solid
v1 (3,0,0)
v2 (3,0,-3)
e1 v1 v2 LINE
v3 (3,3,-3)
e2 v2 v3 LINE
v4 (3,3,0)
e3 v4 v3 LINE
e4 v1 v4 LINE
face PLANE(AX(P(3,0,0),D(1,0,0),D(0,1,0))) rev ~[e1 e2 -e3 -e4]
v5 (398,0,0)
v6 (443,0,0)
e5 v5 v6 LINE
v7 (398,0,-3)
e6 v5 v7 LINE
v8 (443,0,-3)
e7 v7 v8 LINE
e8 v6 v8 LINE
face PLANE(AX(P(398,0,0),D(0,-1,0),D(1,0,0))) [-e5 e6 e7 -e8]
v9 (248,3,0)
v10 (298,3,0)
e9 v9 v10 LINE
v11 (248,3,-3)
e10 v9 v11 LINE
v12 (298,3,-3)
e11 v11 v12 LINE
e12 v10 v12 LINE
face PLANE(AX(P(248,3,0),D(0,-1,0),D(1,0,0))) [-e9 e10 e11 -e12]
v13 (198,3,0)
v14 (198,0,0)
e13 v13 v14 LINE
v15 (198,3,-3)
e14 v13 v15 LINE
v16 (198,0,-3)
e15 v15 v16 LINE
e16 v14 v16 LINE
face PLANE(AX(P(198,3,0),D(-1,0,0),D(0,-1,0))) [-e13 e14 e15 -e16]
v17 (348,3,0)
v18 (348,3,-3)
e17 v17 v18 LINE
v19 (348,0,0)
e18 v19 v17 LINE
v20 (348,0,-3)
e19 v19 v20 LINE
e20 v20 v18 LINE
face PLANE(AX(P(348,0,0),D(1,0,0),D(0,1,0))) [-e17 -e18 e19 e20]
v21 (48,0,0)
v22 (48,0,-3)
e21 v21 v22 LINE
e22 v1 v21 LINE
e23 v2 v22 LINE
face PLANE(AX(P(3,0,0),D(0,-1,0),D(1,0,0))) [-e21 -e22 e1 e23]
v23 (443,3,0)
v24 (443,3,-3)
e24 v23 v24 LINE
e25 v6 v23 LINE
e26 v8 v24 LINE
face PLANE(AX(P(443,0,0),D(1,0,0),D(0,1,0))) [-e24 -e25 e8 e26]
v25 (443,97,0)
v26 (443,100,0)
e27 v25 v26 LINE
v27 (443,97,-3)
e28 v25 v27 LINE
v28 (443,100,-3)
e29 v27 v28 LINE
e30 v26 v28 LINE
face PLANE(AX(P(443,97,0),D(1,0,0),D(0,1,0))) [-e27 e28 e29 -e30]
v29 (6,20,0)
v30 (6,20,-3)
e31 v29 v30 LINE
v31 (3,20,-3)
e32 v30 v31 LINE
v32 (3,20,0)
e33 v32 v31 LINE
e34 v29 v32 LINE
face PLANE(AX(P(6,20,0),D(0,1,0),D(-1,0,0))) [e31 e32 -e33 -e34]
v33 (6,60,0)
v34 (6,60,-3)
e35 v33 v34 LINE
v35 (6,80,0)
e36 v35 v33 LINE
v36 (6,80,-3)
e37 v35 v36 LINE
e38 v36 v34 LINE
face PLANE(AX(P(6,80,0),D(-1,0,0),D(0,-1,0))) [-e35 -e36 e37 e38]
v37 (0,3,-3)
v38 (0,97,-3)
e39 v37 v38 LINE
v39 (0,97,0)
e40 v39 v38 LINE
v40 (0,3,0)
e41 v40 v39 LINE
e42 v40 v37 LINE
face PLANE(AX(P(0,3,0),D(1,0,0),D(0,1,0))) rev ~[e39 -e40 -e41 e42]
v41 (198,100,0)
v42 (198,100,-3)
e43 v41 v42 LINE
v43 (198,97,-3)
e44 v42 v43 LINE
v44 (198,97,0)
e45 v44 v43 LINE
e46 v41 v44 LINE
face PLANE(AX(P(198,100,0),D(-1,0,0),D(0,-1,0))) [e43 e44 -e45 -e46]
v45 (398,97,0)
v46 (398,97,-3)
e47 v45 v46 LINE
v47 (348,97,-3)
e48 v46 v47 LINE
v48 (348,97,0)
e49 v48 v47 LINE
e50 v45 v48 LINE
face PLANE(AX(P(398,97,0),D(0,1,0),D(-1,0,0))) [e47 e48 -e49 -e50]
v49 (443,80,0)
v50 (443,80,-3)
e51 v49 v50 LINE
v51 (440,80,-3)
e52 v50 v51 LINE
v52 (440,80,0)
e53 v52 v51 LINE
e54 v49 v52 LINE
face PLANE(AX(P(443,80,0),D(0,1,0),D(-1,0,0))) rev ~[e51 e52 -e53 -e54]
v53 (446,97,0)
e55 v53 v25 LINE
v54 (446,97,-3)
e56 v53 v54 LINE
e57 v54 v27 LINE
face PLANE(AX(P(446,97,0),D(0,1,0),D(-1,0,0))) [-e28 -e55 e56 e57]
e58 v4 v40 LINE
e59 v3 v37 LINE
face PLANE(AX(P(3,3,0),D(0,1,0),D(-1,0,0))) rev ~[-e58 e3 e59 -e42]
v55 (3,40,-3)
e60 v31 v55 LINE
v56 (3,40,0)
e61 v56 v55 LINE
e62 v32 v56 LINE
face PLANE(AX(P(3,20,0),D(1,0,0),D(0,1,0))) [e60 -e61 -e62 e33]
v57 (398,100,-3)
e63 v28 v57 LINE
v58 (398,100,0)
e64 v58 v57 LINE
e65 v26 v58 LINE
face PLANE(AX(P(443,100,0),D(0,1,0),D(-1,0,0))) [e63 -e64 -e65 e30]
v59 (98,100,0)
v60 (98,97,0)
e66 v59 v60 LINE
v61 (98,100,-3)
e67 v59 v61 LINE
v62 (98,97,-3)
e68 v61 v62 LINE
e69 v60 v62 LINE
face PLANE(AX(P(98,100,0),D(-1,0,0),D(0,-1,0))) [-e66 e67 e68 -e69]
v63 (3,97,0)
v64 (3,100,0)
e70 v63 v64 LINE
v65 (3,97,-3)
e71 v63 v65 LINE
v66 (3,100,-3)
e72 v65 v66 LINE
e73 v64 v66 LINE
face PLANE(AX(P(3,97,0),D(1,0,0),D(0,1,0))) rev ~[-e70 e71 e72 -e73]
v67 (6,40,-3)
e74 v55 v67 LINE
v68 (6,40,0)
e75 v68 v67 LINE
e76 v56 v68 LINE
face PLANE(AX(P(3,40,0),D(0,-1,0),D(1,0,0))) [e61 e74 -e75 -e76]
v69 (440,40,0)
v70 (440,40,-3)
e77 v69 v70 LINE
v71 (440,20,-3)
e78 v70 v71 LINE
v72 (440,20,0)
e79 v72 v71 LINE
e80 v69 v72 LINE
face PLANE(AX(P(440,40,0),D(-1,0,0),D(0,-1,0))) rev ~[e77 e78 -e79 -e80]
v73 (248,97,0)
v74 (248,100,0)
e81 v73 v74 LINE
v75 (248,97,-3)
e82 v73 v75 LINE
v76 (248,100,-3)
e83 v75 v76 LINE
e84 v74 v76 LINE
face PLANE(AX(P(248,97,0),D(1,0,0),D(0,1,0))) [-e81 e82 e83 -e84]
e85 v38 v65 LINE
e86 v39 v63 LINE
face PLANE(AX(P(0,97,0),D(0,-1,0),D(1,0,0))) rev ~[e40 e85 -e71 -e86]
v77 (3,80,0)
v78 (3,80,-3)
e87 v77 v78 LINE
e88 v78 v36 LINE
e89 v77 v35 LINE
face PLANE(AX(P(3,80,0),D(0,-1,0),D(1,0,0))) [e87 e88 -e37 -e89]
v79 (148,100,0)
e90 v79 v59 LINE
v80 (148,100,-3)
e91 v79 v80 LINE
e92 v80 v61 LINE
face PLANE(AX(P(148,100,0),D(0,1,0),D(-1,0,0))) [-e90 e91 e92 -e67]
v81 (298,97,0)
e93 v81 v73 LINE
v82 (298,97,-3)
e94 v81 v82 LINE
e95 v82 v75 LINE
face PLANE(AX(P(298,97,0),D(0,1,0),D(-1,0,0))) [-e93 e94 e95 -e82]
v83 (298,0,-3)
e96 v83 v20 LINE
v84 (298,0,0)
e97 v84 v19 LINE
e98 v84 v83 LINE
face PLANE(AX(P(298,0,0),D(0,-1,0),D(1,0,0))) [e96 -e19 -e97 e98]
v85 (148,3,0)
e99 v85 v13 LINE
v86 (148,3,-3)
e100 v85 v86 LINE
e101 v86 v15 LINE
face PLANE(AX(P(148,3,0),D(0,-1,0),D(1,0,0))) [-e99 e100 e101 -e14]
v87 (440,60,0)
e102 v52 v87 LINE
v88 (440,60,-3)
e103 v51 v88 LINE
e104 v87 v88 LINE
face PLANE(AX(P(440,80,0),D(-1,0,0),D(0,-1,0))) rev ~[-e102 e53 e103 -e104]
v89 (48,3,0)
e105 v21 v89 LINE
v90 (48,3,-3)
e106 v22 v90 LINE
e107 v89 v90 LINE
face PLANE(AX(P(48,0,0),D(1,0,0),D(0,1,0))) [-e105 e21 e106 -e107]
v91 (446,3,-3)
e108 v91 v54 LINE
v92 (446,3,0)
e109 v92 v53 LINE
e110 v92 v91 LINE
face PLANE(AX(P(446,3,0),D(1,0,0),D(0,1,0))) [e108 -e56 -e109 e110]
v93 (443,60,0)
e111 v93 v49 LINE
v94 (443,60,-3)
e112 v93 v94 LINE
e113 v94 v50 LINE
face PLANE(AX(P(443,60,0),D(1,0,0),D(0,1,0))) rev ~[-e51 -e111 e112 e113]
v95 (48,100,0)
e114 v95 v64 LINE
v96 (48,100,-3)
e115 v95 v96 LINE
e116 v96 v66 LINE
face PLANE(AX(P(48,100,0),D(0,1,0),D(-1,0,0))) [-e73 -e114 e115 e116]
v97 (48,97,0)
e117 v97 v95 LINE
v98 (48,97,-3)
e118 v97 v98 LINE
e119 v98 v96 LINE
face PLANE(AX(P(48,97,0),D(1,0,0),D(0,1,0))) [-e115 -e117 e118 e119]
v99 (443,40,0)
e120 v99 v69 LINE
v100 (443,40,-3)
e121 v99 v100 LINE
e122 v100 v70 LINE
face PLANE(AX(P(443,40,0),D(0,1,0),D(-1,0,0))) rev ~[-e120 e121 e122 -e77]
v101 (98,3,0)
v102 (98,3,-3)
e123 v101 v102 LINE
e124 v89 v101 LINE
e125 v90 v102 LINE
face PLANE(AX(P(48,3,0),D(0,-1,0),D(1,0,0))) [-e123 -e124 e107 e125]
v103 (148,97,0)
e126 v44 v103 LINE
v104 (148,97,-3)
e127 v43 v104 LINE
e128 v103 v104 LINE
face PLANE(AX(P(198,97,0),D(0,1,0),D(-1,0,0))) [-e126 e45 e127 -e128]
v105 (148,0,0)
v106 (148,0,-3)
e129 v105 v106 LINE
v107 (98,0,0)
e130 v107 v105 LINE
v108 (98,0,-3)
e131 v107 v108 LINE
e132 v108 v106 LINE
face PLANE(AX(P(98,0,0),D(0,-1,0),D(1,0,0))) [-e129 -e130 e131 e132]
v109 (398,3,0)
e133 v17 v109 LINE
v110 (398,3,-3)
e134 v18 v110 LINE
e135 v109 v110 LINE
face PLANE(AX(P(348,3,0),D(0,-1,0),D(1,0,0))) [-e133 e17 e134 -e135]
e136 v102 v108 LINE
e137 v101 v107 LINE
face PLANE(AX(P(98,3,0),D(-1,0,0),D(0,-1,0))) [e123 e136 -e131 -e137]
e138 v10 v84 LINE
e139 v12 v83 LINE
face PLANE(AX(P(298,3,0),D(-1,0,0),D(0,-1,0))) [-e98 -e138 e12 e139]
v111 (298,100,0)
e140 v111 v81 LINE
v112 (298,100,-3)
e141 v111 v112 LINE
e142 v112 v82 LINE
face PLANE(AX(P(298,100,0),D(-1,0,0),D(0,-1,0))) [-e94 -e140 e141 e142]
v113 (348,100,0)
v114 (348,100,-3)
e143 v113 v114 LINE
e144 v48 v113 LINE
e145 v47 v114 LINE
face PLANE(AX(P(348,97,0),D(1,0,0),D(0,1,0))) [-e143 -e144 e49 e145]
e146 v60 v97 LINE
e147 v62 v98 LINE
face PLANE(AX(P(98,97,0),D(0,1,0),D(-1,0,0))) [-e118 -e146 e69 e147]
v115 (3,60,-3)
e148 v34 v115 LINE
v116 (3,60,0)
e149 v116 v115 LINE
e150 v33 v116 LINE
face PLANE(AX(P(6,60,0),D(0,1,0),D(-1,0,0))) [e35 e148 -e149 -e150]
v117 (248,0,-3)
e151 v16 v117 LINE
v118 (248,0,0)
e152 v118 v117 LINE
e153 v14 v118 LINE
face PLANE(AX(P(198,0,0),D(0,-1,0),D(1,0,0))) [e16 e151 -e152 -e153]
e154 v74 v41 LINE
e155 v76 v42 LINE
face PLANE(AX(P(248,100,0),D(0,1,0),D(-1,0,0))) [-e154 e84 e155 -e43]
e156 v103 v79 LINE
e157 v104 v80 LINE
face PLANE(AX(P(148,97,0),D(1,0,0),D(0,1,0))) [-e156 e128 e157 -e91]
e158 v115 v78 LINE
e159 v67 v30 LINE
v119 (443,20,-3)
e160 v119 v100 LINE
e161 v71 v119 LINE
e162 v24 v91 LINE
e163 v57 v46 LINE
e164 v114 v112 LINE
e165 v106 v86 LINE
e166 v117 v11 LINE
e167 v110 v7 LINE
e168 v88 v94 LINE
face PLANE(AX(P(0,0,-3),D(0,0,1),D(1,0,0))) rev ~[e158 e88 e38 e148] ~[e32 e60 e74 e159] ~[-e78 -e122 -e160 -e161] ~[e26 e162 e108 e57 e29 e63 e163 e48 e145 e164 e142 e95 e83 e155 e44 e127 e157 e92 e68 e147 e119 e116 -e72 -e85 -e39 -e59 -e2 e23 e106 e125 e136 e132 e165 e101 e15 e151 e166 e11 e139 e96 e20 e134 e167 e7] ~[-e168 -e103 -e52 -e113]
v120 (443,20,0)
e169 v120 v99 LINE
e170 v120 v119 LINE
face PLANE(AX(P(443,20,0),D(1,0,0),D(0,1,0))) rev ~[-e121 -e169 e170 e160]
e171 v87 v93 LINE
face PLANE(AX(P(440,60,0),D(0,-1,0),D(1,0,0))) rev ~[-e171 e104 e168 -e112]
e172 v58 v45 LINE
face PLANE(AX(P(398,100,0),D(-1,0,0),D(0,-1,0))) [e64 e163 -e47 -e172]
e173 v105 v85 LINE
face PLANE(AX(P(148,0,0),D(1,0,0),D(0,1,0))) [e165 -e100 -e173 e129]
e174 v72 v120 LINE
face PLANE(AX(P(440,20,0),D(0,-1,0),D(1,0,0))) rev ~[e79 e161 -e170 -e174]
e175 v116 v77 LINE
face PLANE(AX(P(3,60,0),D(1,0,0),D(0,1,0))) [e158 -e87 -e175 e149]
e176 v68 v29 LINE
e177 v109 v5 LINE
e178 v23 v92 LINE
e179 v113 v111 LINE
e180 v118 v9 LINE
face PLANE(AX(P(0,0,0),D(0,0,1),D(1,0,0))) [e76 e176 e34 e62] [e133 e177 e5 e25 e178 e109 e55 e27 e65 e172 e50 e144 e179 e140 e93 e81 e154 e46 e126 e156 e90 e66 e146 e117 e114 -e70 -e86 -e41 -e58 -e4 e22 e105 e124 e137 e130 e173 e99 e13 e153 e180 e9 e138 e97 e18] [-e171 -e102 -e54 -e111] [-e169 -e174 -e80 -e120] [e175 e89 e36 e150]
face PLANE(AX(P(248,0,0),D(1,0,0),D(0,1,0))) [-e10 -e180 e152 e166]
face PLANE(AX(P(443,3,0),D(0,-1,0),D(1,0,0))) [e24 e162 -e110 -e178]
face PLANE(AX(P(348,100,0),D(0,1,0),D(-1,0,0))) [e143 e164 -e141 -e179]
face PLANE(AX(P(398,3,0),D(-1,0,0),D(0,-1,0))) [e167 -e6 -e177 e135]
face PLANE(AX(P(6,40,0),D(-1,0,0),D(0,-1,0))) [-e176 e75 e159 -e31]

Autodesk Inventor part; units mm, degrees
ref_plane "YZ Plane" through (0, 0, 0) normal (1, 0, 0) x (0, 1, 0)
ref_plane "XZ Plane" through (0, 0, 0) normal (0, 1, 0) x (-1, 0, 0)
ref_plane "XY Plane" through (0, 0, 0) normal (0, 0, 1) x (1, 0, 0)
sketch "Boceto1" plane through (0, 0, 0) normal (0, 0, 1) x (1, 0, 0)
  line L0 (3, 0) -> (3, 3)
  line L1 (3, 3) -> (0, 3)
  line L2 (0, 3) -> (0, 97)
  line L3 (0, 97) -> (3, 97)
  line L4 (3, 97) -> (3, 100)
  line L5 (3, 0) -> (48, 0)
  line L6 (48, 0) -> (48, 3)
  line L7 (48, 3) -> (98, 3)
  line L8 (98, 3) -> (98, 0)
  line L9 (98, 0) -> (148, 0)
  line L10 (148, 0) -> (148, 3)
  line L11 (148, 3) -> (198, 3)
  line L12 (198, 3) -> (198, 0)
  line L13 (198, 0) -> (248, 0)
  line L14 (248, 0) -> (248, 3)
  line L15 (248, 3) -> (298, 3)
  line L16 (298, 3) -> (298, 0)
  line L17 (298, 0) -> (348, 0)
  line L18 (348, 0) -> (348, 3)
  line L19 (348, 3) -> (398, 3)
  line L20 (398, 3) -> (398, 0)
  line L21 (398, 0) -> (443, 0)
  line L22 (443, 0) -> (443, 3)
  line L23 (443, 3) -> (446, 3)
  line L24 (446, 3) -> (446, 97)
  line L25 (446, 97) -> (443, 97)
  line L26 (443, 97) -> (443, 100)
  line L27 (443, 100) -> (398, 100)
  line L28 (398, 100) -> (398, 97)
  line L29 (398, 97) -> (348, 97)
  line L30 (348, 97) -> (348, 100)
  line L31 (348, 100) -> (298, 100)
  line L32 (298, 100) -> (298, 97)
  line L33 (298, 97) -> (248, 97)
  line L34 (248, 97) -> (248, 100)
  line L35 (248, 100) -> (198, 100)
  line L36 (198, 100) -> (198, 97)
  line L37 (198, 97) -> (148, 97)
  line L38 (148, 97) -> (148, 100)
  line L39 (148, 100) -> (98, 100)
  line L40 (98, 100) -> (98, 97)
  line L41 (98, 97) -> (48, 97)
  line L42 (48, 97) -> (48, 100)
  line L43 (48, 100) -> (3, 100)
  line L44 (3, 80) -> (6, 80)
  line L45 (6, 80) -> (6, 60)
  line L46 (6, 60) -> (3, 60)
  line L47 (3, 60) -> (3, 80)
  line L48 (3, 40) -> (6, 40)
  line L49 (6, 40) -> (6, 20)
  line L50 (6, 20) -> (3, 20)
  line L51 (3, 20) -> (3, 40)
  line L52 (443, 80) -> (440, 80)
  line L53 (440, 80) -> (440, 60)
  line L54 (440, 60) -> (443, 60)
  line L55 (443, 60) -> (443, 80)
  line L56 (443, 40) -> (440, 40)
  line L57 (440, 40) -> (440, 20)
  line L58 (440, 20) -> (443, 20)
  line L59 (443, 20) -> (443, 40)
  point P0 (0, 0)
  point P1 (3, 100)
  dimension "d0" = 3
  dimension "d1" = 94
  dimension "d2" = 3
  dimension "d3" = 3
  dimension "d4" = 45
  dimension "d5" = 3
  dimension "d6" = 50
  dimension "d7" = 3
  dimension "d8" = 50
  dimension "d9" = 3
  dimension "d10" = 50
  dimension "d11" = 3
  dimension "d12" = 50
  dimension "d13" = 3
  dimension "d14" = 50
  dimension "d15" = 3
  dimension "d16" = 50
  dimension "d17" = 3
  dimension "d18" = 50
  dimension "d19" = 3
  dimension "d20" = 45
  dimension "d21" = 3
  dimension "d22" = 3
  dimension "d23" = 94
  dimension "d41" = 3
  dimension "d42" = 45
  dimension "d43" = 3
  dimension "d44" = 50
  dimension "d45" = 3
  dimension "d46" = 50
  dimension "d58" = 3
  dimension "d59" = 50
  dimension "d60" = 3
  dimension "d61" = 50
  dimension "d62" = 3
  dimension "d63" = 50
  dimension "d64" = 3
  dimension "d65" = 50
  dimension "d66" = 3
  dimension "d67" = 50
  dimension "d68" = 3
  dimension "d71" = 20
  dimension "d72" = 3
  dimension "d73" = 20
  dimension "d75" = 20
  dimension "d76" = 3
  dimension "d77" = 20
  dimension "d78" = 3
  dimension "d79" = 20
  dimension "d80" = 3
  dimension "d81" = 20
  dimension "d82" = 20
  dimension "d83" = 3
  dimension "d84" = 20
extrude "Extrusión1" add sketch "Boceto1" against normal blind 3 contours L0 L1 L2 L3 L4 L43 L42 L41 L40 L39 L38 L37 L36 L35 L34 L33 L32 L31 L30 L29 L28 L27 L26 L25 L24 L23 L22 L21 L20 L19 L18 L17 L16 L15 L14 L13 L12 L11 L10 L9 L8 L7 L6 L5 | L44 L45 L46 L47 | L48 L49 L50 L51 | L55 L54 L53 L52 | L59 L58 L57 L56
sketch "Boceto2" plane through (0, 0, -3) normal (0, 0, -1) x (1, 0, 0)
  point P0 (0, 0)
sketch "Boceto3" plane through (0, 0, 0) normal (0, 0, 1) x (1, 0, 0)
  line L0 (3, 97) -> (3, 100) projected
  line L1 (3, 80) -> (6, 80)
  line L2 (6, 80) -> (6, 60)
  line L3 (6, 60) -> (3, 60)
  line L4 (3, 60) -> (3, 80)
  line L5 (3, 40) -> (6, 40)
  line L6 (6, 40) -> (6, 20)
  line L7 (6, 20) -> (3, 20)
  line L8 (3, 20) -> (3, 40)
  line L9 (398, 100) -> (443, 100) projected
  line L10 (443, 80) -> (440, 80)
  line L11 (440, 80) -> (440, 60)
  line L12 (440, 60) -> (443, 60)
  line L13 (443, 60) -> (443, 80)
  line L14 (443, 40) -> (440, 40)
  line L15 (440, 40) -> (440, 20)
  line L16 (440, 20) -> (443, 20)
  line L17 (443, 20) -> (443, 40)
  point P0 (0, 0)
  dimension "d85" = 20
  dimension "d86" = 3
  dimension "d87" = 20
  dimension "d88" = 3
  dimension "d89" = 20
  dimension "d90" = 3
  dimension "d91" = 20
  dimension "d92" = 3
  dimension "d93" = 20
  dimension "d94" = 3
  dimension "d95" = 20
  dimension "d96" = 3
  dimension "d97" = 20
  dimension "d98" = 3
  dimension "d99" = 20
  dimension "d100" = 3
extrude "Extrusión2" cut sketch "Boceto3" against normal blind 10
properties part number "Lado superior" material "Madera (nogal)"
